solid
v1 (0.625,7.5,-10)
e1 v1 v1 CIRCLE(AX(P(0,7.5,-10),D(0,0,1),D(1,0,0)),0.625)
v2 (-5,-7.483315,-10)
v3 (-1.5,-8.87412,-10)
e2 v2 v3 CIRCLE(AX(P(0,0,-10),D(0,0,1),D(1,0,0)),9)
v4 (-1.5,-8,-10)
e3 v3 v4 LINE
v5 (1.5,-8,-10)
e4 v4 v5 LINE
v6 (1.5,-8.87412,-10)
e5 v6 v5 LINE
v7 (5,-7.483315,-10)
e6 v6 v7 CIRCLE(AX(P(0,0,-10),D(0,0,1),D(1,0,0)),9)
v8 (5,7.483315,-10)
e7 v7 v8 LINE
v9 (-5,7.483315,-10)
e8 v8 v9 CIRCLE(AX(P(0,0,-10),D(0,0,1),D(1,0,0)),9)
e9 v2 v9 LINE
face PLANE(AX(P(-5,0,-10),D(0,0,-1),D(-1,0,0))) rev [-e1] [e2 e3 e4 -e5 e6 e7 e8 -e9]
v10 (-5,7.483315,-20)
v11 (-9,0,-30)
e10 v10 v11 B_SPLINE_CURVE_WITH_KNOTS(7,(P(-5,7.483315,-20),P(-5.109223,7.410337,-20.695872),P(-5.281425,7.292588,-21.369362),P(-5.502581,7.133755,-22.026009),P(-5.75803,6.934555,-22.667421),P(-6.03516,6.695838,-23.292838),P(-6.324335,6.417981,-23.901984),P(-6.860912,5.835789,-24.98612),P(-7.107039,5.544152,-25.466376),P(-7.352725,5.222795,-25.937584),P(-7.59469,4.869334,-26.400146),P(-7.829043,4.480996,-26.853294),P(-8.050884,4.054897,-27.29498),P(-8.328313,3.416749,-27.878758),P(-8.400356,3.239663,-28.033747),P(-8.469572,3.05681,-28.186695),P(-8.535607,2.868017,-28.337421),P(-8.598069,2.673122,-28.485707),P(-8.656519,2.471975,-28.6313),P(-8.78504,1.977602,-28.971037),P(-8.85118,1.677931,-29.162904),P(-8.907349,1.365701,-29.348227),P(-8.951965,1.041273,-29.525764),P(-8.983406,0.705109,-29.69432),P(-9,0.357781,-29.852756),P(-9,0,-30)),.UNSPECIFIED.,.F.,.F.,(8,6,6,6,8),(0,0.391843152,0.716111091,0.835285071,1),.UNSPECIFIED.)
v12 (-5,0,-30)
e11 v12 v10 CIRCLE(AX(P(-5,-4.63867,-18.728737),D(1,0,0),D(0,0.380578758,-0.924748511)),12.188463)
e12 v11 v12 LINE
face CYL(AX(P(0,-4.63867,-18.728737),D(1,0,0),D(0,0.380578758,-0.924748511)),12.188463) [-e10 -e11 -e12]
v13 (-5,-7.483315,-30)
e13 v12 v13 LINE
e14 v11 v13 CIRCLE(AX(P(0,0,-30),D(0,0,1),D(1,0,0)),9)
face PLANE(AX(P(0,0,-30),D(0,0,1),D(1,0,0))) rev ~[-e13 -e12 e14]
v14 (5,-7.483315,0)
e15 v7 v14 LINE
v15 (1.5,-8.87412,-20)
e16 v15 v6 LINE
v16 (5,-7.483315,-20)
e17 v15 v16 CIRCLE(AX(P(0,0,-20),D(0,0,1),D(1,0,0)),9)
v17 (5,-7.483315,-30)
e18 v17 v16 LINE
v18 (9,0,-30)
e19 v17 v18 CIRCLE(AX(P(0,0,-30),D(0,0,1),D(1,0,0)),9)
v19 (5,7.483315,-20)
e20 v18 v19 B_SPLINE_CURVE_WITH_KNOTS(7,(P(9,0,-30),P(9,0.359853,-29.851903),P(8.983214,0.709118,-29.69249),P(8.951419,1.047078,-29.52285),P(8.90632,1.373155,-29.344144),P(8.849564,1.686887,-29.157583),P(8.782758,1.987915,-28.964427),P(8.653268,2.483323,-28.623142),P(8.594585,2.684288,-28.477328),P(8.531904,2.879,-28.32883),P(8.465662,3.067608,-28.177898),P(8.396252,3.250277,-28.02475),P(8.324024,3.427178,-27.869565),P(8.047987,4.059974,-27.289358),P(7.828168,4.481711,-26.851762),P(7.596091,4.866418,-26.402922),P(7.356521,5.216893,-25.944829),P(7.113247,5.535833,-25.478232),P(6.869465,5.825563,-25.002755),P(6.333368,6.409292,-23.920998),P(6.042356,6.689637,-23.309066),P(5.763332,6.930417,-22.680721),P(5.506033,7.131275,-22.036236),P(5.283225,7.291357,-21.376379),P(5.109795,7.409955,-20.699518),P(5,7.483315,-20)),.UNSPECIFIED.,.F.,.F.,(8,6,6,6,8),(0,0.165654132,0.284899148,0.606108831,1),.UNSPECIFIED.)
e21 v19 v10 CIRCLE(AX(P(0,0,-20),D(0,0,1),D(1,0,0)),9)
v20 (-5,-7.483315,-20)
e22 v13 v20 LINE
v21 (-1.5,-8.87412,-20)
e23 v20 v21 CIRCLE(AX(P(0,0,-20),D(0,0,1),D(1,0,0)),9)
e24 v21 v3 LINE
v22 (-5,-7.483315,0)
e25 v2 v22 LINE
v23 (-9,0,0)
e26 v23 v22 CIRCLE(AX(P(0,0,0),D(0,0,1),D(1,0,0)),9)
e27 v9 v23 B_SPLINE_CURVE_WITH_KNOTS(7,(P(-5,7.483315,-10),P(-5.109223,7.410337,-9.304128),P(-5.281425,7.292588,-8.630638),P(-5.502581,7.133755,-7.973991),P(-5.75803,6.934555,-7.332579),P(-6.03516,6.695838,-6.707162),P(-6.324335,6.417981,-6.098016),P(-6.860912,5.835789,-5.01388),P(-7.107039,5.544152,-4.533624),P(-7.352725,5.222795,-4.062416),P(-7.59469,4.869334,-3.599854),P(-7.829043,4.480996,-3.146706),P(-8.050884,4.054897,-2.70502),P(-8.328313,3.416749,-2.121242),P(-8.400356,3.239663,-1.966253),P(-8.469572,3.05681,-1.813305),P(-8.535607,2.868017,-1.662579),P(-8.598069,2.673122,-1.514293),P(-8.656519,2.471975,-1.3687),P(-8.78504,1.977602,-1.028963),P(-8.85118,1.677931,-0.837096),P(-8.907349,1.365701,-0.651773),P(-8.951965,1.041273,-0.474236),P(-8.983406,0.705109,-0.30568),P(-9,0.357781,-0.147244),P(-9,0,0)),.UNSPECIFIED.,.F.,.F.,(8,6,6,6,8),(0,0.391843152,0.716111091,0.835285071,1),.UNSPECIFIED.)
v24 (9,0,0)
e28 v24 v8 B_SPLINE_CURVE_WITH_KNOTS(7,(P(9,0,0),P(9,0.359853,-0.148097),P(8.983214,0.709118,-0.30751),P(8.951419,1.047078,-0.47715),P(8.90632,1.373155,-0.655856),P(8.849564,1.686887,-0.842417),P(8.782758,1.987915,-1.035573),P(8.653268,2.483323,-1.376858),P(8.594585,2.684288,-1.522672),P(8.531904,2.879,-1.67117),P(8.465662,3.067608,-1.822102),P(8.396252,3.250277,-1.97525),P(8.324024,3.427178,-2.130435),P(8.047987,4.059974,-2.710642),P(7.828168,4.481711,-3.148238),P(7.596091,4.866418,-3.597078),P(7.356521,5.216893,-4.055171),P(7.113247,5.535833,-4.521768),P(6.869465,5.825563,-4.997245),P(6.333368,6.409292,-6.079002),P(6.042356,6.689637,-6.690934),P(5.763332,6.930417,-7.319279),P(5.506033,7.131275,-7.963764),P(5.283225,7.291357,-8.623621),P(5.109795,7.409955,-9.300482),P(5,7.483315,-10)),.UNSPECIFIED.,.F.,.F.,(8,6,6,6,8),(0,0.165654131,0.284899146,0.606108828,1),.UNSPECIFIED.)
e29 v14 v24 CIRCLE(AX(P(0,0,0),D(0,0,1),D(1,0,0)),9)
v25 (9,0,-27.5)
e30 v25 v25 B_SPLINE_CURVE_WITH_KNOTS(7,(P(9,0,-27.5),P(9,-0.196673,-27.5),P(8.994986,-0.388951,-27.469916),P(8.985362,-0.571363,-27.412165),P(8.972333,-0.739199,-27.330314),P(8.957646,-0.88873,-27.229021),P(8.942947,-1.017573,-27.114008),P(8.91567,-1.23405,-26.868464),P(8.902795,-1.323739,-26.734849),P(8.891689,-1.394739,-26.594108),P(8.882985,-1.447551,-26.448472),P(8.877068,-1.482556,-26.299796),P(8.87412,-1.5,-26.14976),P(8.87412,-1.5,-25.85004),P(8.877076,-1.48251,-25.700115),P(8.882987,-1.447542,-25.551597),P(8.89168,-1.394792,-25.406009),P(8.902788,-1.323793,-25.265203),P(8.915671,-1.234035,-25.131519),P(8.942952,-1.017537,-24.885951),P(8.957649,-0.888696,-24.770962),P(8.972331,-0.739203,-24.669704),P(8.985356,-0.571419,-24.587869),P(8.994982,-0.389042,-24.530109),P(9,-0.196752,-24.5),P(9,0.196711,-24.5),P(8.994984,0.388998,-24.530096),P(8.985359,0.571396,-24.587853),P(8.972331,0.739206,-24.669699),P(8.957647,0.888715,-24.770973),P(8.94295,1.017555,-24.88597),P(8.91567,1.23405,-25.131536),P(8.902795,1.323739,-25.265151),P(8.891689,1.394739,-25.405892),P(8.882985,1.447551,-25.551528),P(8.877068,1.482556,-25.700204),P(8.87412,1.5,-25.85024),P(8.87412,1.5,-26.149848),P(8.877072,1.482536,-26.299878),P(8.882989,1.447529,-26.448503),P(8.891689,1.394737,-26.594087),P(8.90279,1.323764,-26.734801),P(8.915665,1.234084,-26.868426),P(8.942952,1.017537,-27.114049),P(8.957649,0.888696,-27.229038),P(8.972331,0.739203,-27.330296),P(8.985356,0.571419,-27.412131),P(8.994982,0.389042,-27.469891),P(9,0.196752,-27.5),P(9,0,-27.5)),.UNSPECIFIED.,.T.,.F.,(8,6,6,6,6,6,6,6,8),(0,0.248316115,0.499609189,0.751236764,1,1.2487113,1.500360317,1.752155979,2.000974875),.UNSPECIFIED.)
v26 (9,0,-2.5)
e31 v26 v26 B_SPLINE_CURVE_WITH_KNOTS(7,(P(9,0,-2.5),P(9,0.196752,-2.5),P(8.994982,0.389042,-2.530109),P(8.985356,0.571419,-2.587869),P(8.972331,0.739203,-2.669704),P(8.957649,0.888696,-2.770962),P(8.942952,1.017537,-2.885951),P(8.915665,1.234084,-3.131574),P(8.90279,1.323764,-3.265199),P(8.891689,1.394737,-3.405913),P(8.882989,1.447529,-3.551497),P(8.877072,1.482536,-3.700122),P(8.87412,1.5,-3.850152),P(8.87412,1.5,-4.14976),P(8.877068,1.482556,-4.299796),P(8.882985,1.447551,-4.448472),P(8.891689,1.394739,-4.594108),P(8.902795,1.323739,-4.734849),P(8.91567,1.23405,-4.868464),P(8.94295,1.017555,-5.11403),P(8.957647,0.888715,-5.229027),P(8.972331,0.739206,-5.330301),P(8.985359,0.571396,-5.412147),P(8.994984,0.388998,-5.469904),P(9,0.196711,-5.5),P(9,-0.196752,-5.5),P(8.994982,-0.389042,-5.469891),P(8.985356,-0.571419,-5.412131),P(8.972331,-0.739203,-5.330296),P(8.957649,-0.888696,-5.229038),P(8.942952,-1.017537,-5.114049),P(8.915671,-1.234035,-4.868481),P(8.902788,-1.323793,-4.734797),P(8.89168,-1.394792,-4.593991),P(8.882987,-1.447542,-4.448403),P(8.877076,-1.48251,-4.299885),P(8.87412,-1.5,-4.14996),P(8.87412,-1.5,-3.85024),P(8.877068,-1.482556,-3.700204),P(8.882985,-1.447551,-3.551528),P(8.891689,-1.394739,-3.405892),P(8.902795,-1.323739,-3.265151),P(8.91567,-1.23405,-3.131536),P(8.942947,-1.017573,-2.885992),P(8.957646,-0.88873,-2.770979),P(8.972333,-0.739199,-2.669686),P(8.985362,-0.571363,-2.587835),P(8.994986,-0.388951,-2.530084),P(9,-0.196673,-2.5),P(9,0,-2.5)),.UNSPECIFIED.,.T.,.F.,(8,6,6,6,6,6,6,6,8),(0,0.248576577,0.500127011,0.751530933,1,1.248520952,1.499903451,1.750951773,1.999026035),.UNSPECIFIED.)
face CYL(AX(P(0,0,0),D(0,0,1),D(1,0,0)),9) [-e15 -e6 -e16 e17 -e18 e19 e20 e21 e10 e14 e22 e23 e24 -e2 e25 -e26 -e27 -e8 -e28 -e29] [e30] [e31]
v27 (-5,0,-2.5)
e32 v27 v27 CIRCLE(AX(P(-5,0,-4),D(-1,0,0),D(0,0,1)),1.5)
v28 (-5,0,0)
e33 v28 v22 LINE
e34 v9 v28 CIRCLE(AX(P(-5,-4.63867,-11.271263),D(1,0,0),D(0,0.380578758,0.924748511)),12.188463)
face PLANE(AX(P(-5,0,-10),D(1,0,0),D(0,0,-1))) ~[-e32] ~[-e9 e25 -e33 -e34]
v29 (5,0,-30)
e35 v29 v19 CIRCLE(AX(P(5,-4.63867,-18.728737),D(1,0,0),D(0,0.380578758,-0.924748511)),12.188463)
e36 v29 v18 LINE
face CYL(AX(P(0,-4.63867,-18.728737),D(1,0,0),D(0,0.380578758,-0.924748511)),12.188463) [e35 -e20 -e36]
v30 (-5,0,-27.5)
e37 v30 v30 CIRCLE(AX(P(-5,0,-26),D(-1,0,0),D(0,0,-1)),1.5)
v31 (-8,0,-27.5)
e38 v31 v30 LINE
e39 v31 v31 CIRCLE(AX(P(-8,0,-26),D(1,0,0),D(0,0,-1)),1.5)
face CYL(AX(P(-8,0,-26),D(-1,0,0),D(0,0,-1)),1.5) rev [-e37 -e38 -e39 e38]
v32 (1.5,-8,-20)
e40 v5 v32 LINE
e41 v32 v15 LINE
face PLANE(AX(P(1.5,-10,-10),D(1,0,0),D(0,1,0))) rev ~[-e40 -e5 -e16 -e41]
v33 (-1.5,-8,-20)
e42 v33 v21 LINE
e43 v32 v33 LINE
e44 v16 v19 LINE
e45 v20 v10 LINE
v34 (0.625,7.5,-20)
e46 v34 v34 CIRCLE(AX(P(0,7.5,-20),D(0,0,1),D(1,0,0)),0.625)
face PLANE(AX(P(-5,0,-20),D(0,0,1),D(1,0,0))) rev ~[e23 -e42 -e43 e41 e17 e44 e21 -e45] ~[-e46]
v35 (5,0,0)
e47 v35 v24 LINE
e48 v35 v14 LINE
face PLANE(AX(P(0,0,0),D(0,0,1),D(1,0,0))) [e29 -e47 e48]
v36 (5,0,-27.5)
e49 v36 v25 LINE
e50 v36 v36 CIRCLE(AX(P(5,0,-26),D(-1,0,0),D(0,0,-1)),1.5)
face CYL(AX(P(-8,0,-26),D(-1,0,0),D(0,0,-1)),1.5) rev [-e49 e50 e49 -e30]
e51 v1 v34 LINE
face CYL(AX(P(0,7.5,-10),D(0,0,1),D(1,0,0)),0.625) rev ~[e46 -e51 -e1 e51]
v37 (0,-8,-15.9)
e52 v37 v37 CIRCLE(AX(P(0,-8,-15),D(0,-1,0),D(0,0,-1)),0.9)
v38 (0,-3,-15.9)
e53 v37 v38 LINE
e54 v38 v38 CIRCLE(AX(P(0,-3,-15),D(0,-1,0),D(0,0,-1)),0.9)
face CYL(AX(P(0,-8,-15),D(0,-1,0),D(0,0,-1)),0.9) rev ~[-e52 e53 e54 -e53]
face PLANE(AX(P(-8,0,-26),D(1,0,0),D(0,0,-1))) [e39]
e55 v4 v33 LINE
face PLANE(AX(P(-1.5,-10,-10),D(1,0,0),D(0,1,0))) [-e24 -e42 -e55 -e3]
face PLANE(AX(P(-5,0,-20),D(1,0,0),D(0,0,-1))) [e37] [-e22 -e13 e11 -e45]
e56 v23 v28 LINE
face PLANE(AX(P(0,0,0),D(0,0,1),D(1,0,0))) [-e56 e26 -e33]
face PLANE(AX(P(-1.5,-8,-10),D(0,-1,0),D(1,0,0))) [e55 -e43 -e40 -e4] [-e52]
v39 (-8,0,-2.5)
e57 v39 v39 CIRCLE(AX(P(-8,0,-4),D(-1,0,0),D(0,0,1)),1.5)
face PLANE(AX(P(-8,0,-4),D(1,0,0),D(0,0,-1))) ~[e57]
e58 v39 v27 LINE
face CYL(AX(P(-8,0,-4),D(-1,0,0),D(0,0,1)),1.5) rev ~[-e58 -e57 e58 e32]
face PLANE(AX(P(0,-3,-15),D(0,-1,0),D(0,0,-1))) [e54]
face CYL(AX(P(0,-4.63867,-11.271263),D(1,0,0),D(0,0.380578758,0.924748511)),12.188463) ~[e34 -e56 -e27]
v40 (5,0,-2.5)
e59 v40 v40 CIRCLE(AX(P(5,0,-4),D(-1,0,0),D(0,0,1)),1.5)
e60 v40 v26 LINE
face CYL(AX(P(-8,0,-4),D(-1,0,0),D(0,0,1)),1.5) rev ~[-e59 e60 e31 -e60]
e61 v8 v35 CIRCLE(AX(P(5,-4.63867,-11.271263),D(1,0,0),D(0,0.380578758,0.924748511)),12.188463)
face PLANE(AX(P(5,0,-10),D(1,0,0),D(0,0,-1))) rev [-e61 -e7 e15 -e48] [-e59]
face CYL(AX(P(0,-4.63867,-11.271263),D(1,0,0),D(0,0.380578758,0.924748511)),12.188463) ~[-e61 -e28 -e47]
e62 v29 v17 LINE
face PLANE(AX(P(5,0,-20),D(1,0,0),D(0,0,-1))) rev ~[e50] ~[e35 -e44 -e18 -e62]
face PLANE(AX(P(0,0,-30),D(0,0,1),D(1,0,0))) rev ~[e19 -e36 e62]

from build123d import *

# Parameters (mm, degrees)
SKETCH1_R           = 9
BOSS_EXTRUDE1_DEPTH = 30
SKETCH2_W           = 10
SKETCH2_H           = 10
CUT_EXTRUDE1_DEPTH  = 33.588341474
CUT_EXTRUDE3_DEPTH  = 33.588341474
CUT_EXTRUDE4_START  = -8
SKETCH4_R           = 1.5
CUT_EXTRUDE4_DEPTH  = 41.588341621
SKETCH6_R           = 0.625
CUT_EXTRUDE5_DEPTH  = 10
CUT_EXTRUDE6_REACH  = 25.707
SKETCH7_W           = 3
SKETCH7_H           = 2
SKETCH8_R           = 0.9
CUT_EXTRUDE7_DEPTH  = 5


with BuildPart() as part:
    # Sketch1 → Boss-Extrude1 (new body)
    with BuildSketch(Plane.XY):
        Circle(SKETCH1_R)
    extrude(amount=-BOSS_EXTRUDE1_DEPTH)

    # Sketch2 → Cut-Extrude1 (cut, symmetric)
    with BuildSketch(Plane(origin=(0, 0, 0), x_dir=(1, 0, 0), z_dir=(0, 1, 0))):
        with Locations((0, 25)):
            Rectangle(SKETCH2_W, SKETCH2_H)
    cut_extrude1 = extrude(amount=CUT_EXTRUDE1_DEPTH, both=True, mode=Mode.SUBTRACT)

    # Sketch5 → Cut-Extrude3 (cut, symmetric)
    with BuildSketch(Plane(origin=(0, 0, 0), x_dir=(0, 0, -1), z_dir=(1, 0, 0))):
        with BuildLine():
            Line((20, 7.483314774), (30, 7.483314774))
            Line((30, 7.483314774), (30, 0))
            ThreePointArc((30, 0), (26.031389946, 5.119910176), (20, 7.483314774))
        make_face()
    cut_extrude3 = extrude(amount=CUT_EXTRUDE3_DEPTH, both=True, mode=Mode.SUBTRACT)

    # Sketch4 → Cut-Extrude4 (cut)
    with BuildSketch(Plane(origin=(0, 0, 0), x_dir=(0, 0, -1), z_dir=(1, 0, 0)).offset(CUT_EXTRUDE4_START)):
        with Locations((26, 0)):
            Circle(SKETCH4_R)
    cut_extrude4 = extrude(amount=CUT_EXTRUDE4_DEPTH, mode=Mode.SUBTRACT)

    # Mirror1: Cut-Extrude1, Cut-Extrude3, Cut-Extrude4 across plane
    add(cut_extrude1.mirror(Plane.XY.offset(-15)), mode=Mode.SUBTRACT)
    add(cut_extrude3.mirror(Plane.XY.offset(-15)), mode=Mode.SUBTRACT)
    add(cut_extrude4.mirror(Plane.XY.offset(-15)), mode=Mode.SUBTRACT)

    # Sketch6 → Cut-Extrude5 (cut)
    with BuildSketch(Plane.XY.offset(-10)):
        with Locations((0, 7.5)):
            Circle(SKETCH6_R)
    extrude(amount=-CUT_EXTRUDE5_DEPTH, mode=Mode.SUBTRACT)

    # Sketch7 → Cut-Extrude6 (cut, up to next)
    with BuildSketch(Plane.XY.offset(-10), mode=Mode.PRIVATE) as cut_extrude6_sk1:
        with Locations((0, -9)):
            Rectangle(SKETCH7_W, SKETCH7_H)
    cut_extrude6_tool1 = extrude(cut_extrude6_sk1.sketch, amount=-CUT_EXTRUDE6_REACH, mode=Mode.PRIVATE) & part.part
    add(cut_extrude6_tool1.solids().sort_by_distance((0, -9, -10))[0], mode=Mode.SUBTRACT)

    # Sketch8 → Cut-Extrude7 (cut)
    with BuildSketch(Plane.XZ.offset(8)):
        with Locations(Location((0, -15, 0), (0, 0, 270))):
            Circle(SKETCH8_R)
    extrude(amount=-CUT_EXTRUDE7_DEPTH, mode=Mode.SUBTRACT)


solid = part.part
